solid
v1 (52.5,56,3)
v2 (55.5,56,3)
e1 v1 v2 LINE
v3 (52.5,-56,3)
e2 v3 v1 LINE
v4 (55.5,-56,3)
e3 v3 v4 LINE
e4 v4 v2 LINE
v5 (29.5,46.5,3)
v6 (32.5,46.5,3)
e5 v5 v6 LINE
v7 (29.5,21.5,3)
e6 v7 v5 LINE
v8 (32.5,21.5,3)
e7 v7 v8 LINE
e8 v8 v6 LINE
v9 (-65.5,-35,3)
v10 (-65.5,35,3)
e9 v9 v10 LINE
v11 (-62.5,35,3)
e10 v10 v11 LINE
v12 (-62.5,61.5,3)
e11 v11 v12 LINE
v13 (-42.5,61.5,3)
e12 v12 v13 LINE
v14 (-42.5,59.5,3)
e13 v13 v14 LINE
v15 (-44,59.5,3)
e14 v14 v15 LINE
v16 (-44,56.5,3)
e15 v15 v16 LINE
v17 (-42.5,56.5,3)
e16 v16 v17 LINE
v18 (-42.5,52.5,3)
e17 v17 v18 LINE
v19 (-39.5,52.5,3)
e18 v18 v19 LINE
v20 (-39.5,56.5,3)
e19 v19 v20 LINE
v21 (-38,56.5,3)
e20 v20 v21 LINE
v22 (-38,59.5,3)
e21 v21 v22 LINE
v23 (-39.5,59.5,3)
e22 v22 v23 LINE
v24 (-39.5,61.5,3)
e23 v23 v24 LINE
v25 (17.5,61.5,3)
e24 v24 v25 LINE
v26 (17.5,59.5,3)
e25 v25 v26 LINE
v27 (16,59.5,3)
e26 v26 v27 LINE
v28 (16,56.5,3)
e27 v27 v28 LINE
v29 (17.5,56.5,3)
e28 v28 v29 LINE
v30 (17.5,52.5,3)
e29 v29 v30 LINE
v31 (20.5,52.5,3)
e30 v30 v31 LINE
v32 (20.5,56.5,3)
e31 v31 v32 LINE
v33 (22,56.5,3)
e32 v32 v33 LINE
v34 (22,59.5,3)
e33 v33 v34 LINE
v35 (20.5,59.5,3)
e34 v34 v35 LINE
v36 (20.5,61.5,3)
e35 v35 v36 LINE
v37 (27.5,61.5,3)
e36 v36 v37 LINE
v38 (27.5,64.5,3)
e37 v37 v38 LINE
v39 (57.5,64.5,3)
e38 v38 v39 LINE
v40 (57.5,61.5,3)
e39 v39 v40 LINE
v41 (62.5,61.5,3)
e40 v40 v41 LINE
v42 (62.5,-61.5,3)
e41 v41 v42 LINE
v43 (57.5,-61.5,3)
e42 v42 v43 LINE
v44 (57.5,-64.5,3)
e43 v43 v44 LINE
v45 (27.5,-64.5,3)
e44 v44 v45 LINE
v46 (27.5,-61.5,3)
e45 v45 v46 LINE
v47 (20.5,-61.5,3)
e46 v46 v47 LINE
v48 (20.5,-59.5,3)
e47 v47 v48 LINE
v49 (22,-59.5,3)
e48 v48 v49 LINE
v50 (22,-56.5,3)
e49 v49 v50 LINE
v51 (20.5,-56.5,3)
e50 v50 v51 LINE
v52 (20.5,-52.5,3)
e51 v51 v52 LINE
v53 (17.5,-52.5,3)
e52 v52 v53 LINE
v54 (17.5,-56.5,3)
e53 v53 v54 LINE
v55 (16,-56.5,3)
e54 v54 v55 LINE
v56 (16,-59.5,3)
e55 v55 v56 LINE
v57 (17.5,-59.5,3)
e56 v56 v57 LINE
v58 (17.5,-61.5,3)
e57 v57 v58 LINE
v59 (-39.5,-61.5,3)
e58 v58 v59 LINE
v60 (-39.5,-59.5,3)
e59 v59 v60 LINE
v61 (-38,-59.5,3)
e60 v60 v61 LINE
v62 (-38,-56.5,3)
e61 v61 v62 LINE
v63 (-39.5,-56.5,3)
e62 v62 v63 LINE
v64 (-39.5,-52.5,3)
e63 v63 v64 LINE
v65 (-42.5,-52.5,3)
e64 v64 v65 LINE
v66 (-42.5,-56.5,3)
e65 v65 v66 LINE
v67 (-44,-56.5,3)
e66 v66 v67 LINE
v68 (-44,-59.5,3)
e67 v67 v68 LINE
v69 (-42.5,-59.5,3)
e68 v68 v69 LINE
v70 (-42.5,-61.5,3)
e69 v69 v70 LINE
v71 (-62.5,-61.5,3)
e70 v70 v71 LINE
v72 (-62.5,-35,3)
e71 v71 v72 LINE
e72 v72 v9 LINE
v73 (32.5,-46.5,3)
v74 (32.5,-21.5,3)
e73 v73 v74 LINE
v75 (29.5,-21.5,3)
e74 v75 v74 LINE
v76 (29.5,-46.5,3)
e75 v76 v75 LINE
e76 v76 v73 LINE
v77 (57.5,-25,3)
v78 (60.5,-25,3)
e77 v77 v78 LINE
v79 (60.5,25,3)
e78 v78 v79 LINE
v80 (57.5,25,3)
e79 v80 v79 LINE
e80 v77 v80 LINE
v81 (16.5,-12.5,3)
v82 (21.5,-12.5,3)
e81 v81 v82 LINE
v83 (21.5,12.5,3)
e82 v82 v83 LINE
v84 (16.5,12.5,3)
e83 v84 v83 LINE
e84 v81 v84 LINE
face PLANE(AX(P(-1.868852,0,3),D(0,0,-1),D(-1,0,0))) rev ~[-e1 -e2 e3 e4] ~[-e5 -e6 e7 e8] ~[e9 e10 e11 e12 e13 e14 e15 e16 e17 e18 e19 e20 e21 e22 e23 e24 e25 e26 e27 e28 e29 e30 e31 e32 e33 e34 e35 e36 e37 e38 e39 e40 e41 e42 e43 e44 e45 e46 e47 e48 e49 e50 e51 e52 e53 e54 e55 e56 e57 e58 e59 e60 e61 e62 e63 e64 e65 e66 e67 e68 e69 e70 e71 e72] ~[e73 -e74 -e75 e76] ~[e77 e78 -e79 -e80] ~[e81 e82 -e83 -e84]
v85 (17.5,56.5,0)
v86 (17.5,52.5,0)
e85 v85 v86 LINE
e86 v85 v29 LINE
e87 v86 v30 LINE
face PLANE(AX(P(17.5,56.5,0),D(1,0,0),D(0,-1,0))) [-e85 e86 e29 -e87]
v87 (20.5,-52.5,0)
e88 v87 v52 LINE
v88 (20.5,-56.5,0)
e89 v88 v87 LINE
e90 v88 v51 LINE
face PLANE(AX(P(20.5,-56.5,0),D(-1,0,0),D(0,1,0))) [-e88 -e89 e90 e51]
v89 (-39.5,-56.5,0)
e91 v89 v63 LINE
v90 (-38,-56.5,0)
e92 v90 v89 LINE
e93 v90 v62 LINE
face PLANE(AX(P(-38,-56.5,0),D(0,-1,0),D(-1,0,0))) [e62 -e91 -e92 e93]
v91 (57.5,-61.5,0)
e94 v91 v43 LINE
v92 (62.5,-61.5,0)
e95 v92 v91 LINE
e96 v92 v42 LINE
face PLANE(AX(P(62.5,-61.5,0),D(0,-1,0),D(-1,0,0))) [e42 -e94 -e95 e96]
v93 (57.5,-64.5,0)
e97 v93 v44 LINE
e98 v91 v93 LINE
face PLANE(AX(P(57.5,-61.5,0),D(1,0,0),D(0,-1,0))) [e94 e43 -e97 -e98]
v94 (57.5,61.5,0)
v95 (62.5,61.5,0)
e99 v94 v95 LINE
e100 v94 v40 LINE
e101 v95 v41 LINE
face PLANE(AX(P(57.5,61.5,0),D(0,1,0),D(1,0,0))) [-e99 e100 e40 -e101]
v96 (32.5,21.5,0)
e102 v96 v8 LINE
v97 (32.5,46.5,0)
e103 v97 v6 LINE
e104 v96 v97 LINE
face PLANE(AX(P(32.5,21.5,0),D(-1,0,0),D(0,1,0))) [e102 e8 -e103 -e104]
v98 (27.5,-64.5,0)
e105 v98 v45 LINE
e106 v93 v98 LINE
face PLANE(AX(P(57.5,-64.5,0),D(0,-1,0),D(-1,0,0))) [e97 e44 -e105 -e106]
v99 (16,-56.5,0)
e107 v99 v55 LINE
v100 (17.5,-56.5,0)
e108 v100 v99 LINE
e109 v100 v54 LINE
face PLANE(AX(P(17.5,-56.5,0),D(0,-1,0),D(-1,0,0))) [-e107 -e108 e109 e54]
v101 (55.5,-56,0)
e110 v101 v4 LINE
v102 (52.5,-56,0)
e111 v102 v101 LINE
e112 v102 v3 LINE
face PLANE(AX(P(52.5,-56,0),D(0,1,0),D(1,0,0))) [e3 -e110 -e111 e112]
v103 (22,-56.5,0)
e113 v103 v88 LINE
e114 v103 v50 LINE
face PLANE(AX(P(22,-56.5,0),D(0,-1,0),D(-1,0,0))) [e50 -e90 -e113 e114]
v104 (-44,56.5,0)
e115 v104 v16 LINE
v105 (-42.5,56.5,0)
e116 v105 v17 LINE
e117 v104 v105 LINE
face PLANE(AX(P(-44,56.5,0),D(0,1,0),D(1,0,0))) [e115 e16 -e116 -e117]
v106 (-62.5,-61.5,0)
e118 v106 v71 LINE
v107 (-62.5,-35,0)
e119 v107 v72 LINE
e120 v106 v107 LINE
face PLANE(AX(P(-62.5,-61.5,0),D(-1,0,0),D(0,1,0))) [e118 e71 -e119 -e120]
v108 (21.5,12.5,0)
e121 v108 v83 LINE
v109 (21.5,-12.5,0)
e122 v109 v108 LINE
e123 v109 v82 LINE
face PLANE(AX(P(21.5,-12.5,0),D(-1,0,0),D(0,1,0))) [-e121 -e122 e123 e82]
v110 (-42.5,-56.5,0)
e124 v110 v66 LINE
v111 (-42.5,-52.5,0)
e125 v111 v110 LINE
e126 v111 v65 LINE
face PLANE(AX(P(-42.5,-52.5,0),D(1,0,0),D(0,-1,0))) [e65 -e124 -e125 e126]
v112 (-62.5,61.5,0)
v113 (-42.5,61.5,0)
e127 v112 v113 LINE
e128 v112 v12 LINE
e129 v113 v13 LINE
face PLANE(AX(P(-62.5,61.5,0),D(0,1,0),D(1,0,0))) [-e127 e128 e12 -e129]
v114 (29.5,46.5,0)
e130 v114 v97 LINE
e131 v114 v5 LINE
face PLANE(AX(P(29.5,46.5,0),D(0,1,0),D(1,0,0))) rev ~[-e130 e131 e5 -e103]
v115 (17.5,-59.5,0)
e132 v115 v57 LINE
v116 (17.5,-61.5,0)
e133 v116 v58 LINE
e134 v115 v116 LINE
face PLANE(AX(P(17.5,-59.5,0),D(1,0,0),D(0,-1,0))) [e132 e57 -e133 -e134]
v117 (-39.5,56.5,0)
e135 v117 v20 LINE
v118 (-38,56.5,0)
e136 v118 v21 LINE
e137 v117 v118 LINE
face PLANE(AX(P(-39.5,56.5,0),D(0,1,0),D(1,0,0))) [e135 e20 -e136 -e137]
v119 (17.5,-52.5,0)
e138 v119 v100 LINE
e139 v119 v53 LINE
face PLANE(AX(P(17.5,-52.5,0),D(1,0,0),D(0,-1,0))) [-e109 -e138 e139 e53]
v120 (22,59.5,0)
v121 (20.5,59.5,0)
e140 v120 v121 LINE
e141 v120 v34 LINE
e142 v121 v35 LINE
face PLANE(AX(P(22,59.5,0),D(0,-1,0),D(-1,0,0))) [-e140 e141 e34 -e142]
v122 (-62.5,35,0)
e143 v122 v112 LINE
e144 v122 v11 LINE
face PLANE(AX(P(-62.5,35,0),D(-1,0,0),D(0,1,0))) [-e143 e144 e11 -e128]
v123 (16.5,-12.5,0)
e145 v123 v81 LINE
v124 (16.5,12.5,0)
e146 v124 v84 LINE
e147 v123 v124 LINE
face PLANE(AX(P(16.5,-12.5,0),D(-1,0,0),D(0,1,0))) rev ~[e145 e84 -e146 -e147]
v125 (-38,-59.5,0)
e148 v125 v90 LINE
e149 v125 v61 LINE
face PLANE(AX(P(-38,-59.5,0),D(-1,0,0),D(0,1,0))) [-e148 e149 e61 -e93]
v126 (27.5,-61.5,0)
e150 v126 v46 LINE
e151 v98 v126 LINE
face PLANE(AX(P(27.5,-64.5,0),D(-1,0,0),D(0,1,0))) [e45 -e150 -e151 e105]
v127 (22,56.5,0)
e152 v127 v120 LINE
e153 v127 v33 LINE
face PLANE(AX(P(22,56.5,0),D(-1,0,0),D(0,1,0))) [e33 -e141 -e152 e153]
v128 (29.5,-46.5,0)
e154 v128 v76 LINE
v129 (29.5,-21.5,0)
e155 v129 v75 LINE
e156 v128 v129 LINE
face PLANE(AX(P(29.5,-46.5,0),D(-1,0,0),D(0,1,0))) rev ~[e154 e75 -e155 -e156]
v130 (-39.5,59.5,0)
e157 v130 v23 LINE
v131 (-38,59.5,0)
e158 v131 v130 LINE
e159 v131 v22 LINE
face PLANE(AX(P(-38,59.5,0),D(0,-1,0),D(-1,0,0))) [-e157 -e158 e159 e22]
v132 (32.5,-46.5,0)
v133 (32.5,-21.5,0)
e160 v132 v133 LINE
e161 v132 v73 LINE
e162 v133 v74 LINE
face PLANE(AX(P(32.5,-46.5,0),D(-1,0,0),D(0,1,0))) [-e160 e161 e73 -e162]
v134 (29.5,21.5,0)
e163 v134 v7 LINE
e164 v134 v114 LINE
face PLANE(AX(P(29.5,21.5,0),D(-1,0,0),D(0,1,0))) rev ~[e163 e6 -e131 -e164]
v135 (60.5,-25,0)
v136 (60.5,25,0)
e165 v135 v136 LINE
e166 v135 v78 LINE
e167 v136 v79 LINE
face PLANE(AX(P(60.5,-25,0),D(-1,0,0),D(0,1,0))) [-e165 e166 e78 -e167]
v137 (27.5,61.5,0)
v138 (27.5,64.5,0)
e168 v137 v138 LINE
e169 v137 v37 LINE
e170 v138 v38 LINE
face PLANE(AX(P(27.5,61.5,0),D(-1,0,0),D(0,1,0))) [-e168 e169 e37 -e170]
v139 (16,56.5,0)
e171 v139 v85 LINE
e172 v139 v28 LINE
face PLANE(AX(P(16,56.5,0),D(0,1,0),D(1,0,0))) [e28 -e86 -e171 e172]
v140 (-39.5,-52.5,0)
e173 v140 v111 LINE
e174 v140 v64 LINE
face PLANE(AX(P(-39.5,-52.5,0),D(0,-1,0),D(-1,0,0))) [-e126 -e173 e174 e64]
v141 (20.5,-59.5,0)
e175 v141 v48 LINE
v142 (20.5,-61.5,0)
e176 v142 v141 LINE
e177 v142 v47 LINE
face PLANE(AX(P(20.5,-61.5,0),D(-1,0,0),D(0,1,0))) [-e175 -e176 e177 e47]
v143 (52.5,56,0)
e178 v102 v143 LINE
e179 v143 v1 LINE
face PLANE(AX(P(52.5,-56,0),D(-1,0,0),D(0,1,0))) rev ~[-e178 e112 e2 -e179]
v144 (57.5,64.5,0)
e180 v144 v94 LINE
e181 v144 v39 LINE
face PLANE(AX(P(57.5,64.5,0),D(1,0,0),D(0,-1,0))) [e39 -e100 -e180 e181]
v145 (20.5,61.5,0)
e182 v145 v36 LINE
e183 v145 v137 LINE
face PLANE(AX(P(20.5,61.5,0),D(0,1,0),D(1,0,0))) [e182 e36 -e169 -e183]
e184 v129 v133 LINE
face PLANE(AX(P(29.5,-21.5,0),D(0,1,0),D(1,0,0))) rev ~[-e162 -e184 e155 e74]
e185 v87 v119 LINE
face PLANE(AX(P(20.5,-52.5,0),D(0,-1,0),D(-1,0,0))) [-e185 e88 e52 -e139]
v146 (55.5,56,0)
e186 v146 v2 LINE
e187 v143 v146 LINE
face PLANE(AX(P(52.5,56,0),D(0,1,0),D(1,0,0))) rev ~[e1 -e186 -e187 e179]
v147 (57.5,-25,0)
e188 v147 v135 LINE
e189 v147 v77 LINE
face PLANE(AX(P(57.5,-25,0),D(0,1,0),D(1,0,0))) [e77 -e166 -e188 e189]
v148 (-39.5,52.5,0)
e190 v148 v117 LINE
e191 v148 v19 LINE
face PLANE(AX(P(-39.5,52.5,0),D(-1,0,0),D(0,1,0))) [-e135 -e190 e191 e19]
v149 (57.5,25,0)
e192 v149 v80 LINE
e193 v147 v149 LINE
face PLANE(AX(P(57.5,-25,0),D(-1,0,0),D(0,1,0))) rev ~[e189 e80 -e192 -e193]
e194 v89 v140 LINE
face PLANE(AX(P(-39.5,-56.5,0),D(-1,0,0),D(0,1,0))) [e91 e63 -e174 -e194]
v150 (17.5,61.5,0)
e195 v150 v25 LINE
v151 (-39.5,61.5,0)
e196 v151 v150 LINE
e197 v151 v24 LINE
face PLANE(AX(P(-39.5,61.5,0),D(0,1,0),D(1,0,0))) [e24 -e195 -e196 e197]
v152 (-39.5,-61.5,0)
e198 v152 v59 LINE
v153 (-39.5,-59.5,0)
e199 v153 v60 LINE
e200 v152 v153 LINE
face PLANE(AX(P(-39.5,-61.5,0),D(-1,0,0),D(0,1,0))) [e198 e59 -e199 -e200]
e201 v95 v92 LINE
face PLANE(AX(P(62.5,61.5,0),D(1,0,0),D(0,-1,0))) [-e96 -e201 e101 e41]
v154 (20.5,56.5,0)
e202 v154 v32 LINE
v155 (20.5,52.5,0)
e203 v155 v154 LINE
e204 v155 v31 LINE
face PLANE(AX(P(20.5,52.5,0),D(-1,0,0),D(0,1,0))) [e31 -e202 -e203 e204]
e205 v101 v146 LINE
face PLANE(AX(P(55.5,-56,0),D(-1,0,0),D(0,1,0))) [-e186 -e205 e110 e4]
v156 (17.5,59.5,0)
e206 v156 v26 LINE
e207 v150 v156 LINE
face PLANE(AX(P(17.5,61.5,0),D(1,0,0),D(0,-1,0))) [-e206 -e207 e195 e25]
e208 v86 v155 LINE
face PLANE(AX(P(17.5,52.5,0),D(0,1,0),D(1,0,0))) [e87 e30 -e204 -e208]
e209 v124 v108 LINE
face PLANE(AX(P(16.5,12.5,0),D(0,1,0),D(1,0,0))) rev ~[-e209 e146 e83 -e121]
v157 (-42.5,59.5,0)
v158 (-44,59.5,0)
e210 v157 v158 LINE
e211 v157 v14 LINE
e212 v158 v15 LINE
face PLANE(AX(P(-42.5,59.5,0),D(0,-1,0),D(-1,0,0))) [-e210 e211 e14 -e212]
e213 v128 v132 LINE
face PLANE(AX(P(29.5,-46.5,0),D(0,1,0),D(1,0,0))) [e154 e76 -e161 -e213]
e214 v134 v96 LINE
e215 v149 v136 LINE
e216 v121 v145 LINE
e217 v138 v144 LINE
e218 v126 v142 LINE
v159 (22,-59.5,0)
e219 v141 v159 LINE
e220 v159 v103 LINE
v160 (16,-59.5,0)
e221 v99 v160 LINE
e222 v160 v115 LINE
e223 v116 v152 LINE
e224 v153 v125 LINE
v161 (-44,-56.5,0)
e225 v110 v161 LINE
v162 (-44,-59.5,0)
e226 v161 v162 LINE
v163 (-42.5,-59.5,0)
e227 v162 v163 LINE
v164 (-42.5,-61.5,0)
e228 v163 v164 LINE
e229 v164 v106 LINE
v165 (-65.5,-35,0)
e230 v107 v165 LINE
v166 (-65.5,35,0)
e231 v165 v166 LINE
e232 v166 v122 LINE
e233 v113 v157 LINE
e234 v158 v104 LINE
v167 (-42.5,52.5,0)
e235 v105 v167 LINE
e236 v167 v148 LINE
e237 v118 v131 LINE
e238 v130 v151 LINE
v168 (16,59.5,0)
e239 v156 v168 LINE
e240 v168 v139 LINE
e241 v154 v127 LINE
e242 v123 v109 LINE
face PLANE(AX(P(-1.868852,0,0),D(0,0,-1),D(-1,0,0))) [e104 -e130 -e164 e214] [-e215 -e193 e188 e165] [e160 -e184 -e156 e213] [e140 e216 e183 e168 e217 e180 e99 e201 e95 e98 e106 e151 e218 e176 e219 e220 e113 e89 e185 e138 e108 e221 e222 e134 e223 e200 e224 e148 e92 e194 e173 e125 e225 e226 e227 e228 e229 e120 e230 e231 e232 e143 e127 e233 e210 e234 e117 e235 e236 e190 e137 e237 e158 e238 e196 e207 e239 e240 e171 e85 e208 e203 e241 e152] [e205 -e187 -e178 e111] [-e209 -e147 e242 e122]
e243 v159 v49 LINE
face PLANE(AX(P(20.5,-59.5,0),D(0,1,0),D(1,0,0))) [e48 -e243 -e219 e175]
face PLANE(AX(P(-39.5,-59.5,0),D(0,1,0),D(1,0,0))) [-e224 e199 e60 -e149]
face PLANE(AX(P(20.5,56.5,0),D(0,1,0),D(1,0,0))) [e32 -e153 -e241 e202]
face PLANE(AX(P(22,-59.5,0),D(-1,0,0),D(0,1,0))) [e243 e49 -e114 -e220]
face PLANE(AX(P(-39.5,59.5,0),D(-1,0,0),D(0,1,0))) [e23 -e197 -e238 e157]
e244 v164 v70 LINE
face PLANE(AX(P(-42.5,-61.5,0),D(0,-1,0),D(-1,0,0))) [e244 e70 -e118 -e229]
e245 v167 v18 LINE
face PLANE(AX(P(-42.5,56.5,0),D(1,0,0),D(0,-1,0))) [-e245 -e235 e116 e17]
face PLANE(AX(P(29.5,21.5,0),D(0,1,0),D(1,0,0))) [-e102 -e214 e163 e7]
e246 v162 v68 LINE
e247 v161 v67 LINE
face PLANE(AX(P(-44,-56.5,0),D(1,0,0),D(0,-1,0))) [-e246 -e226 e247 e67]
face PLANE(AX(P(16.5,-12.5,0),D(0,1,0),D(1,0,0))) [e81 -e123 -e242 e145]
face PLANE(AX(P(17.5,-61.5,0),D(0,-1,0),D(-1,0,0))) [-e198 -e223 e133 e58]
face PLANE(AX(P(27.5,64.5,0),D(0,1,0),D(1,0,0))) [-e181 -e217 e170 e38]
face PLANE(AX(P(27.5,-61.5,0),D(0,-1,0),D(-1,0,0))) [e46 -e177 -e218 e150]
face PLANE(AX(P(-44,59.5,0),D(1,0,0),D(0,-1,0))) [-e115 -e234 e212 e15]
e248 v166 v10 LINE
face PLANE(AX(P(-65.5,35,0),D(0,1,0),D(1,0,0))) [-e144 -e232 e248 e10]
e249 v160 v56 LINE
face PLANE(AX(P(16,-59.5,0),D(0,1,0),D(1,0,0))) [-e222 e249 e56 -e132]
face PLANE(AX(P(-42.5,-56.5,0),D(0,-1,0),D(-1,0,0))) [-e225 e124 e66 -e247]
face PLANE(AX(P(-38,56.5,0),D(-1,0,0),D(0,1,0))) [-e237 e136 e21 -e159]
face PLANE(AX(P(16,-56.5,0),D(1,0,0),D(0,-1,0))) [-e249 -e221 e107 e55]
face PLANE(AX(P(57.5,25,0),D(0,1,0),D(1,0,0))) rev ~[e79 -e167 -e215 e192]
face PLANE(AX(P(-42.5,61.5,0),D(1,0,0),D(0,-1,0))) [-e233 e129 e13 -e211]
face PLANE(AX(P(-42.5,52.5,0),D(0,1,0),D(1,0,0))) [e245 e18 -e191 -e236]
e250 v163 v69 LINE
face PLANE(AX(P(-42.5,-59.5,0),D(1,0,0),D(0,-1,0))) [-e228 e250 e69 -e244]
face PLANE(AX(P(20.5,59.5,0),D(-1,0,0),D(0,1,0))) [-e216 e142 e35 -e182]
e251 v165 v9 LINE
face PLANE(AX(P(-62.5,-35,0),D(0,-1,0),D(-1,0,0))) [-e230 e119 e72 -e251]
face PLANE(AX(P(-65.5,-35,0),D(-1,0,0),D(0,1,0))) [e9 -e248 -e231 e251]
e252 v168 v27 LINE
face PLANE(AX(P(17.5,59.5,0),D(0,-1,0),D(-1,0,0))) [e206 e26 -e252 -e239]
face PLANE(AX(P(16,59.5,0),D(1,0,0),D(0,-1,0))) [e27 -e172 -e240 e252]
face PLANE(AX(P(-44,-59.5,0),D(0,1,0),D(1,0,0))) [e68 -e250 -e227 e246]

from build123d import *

# Parameters (mm, degrees)
SKETCH1_W           = 5
SKETCH1_H           = 25
SKETCH1_W_2         = 3
SKETCH1_H_2         = 50
SKETCH1_H_3         = 112
BOSS_EXTRUDE2_DEPTH = 3


with BuildPart() as part:
    # Sketch1 → Boss-Extrude2 (new body)
    with BuildSketch(Plane.XY):
        Polygon((17.5, 52.5), (20.5, 52.5), (20.5, 56.5), (22, 56.5), (22, 59.5), (20.5, 59.5), (20.5, 61.5), (27.5, 61.5), (27.5, 64.5), (57.5, 64.5), (57.5, 61.5), (62.5, 61.5), (62.5, -61.5), (57.5, -61.5), (57.5, -64.5), (27.5, -64.5), (27.5, -61.5), (20.5, -61.5), (20.5, -59.5), (22, -59.5), (22, -56.5), (20.5, -56.5), (20.5, -52.5), (17.5, -52.5), (17.5, -56.5), (16, -56.5), (16, -59.5), (17.5, -59.5), (17.5, -61.5), (-39.5, -61.5), (-39.5, -59.5), (-38, -59.5), (-38, -56.5), (-39.5, -56.5), (-39.5, -52.5), (-42.5, -52.5), (-42.5, -56.5), (-44, -56.5), (-44, -59.5), (-42.5, -59.5), (-42.5, -61.5), (-62.5, -61.5), (-62.5, -35), (-65.5, -35), (-65.5, 35), (-62.5, 35), (-62.5, 61.5), (-42.5, 61.5), (-42.5, 59.5), (-44, 59.5), (-44, 56.5), (-42.5, 56.5), (-42.5, 52.5), (-39.5, 52.5), (-39.5, 56.5), (-38, 56.5), (-38, 59.5), (-39.5, 59.5), (-39.5, 61.5), (17.5, 61.5), (17.5, 59.5), (16, 59.5), (16, 56.5), (17.5, 56.5), align=None)
        with Locations((19, 0)):
            Rectangle(SKETCH1_W, SKETCH1_H, mode=Mode.SUBTRACT)
        with Locations((59, 0)):
            Rectangle(SKETCH1_W_2, SKETCH1_H_2, mode=Mode.SUBTRACT)
        with Locations((31, -34)):
            Rectangle(SKETCH1_W_2, SKETCH1_H, mode=Mode.SUBTRACT)
        with Locations((31, 34)):
            Rectangle(SKETCH1_W_2, SKETCH1_H, mode=Mode.SUBTRACT)
        with Locations((54, 0)):
            Rectangle(SKETCH1_W_2, SKETCH1_H_3, mode=Mode.SUBTRACT)
    extrude(amount=BOSS_EXTRUDE2_DEPTH)


solid = part.part
